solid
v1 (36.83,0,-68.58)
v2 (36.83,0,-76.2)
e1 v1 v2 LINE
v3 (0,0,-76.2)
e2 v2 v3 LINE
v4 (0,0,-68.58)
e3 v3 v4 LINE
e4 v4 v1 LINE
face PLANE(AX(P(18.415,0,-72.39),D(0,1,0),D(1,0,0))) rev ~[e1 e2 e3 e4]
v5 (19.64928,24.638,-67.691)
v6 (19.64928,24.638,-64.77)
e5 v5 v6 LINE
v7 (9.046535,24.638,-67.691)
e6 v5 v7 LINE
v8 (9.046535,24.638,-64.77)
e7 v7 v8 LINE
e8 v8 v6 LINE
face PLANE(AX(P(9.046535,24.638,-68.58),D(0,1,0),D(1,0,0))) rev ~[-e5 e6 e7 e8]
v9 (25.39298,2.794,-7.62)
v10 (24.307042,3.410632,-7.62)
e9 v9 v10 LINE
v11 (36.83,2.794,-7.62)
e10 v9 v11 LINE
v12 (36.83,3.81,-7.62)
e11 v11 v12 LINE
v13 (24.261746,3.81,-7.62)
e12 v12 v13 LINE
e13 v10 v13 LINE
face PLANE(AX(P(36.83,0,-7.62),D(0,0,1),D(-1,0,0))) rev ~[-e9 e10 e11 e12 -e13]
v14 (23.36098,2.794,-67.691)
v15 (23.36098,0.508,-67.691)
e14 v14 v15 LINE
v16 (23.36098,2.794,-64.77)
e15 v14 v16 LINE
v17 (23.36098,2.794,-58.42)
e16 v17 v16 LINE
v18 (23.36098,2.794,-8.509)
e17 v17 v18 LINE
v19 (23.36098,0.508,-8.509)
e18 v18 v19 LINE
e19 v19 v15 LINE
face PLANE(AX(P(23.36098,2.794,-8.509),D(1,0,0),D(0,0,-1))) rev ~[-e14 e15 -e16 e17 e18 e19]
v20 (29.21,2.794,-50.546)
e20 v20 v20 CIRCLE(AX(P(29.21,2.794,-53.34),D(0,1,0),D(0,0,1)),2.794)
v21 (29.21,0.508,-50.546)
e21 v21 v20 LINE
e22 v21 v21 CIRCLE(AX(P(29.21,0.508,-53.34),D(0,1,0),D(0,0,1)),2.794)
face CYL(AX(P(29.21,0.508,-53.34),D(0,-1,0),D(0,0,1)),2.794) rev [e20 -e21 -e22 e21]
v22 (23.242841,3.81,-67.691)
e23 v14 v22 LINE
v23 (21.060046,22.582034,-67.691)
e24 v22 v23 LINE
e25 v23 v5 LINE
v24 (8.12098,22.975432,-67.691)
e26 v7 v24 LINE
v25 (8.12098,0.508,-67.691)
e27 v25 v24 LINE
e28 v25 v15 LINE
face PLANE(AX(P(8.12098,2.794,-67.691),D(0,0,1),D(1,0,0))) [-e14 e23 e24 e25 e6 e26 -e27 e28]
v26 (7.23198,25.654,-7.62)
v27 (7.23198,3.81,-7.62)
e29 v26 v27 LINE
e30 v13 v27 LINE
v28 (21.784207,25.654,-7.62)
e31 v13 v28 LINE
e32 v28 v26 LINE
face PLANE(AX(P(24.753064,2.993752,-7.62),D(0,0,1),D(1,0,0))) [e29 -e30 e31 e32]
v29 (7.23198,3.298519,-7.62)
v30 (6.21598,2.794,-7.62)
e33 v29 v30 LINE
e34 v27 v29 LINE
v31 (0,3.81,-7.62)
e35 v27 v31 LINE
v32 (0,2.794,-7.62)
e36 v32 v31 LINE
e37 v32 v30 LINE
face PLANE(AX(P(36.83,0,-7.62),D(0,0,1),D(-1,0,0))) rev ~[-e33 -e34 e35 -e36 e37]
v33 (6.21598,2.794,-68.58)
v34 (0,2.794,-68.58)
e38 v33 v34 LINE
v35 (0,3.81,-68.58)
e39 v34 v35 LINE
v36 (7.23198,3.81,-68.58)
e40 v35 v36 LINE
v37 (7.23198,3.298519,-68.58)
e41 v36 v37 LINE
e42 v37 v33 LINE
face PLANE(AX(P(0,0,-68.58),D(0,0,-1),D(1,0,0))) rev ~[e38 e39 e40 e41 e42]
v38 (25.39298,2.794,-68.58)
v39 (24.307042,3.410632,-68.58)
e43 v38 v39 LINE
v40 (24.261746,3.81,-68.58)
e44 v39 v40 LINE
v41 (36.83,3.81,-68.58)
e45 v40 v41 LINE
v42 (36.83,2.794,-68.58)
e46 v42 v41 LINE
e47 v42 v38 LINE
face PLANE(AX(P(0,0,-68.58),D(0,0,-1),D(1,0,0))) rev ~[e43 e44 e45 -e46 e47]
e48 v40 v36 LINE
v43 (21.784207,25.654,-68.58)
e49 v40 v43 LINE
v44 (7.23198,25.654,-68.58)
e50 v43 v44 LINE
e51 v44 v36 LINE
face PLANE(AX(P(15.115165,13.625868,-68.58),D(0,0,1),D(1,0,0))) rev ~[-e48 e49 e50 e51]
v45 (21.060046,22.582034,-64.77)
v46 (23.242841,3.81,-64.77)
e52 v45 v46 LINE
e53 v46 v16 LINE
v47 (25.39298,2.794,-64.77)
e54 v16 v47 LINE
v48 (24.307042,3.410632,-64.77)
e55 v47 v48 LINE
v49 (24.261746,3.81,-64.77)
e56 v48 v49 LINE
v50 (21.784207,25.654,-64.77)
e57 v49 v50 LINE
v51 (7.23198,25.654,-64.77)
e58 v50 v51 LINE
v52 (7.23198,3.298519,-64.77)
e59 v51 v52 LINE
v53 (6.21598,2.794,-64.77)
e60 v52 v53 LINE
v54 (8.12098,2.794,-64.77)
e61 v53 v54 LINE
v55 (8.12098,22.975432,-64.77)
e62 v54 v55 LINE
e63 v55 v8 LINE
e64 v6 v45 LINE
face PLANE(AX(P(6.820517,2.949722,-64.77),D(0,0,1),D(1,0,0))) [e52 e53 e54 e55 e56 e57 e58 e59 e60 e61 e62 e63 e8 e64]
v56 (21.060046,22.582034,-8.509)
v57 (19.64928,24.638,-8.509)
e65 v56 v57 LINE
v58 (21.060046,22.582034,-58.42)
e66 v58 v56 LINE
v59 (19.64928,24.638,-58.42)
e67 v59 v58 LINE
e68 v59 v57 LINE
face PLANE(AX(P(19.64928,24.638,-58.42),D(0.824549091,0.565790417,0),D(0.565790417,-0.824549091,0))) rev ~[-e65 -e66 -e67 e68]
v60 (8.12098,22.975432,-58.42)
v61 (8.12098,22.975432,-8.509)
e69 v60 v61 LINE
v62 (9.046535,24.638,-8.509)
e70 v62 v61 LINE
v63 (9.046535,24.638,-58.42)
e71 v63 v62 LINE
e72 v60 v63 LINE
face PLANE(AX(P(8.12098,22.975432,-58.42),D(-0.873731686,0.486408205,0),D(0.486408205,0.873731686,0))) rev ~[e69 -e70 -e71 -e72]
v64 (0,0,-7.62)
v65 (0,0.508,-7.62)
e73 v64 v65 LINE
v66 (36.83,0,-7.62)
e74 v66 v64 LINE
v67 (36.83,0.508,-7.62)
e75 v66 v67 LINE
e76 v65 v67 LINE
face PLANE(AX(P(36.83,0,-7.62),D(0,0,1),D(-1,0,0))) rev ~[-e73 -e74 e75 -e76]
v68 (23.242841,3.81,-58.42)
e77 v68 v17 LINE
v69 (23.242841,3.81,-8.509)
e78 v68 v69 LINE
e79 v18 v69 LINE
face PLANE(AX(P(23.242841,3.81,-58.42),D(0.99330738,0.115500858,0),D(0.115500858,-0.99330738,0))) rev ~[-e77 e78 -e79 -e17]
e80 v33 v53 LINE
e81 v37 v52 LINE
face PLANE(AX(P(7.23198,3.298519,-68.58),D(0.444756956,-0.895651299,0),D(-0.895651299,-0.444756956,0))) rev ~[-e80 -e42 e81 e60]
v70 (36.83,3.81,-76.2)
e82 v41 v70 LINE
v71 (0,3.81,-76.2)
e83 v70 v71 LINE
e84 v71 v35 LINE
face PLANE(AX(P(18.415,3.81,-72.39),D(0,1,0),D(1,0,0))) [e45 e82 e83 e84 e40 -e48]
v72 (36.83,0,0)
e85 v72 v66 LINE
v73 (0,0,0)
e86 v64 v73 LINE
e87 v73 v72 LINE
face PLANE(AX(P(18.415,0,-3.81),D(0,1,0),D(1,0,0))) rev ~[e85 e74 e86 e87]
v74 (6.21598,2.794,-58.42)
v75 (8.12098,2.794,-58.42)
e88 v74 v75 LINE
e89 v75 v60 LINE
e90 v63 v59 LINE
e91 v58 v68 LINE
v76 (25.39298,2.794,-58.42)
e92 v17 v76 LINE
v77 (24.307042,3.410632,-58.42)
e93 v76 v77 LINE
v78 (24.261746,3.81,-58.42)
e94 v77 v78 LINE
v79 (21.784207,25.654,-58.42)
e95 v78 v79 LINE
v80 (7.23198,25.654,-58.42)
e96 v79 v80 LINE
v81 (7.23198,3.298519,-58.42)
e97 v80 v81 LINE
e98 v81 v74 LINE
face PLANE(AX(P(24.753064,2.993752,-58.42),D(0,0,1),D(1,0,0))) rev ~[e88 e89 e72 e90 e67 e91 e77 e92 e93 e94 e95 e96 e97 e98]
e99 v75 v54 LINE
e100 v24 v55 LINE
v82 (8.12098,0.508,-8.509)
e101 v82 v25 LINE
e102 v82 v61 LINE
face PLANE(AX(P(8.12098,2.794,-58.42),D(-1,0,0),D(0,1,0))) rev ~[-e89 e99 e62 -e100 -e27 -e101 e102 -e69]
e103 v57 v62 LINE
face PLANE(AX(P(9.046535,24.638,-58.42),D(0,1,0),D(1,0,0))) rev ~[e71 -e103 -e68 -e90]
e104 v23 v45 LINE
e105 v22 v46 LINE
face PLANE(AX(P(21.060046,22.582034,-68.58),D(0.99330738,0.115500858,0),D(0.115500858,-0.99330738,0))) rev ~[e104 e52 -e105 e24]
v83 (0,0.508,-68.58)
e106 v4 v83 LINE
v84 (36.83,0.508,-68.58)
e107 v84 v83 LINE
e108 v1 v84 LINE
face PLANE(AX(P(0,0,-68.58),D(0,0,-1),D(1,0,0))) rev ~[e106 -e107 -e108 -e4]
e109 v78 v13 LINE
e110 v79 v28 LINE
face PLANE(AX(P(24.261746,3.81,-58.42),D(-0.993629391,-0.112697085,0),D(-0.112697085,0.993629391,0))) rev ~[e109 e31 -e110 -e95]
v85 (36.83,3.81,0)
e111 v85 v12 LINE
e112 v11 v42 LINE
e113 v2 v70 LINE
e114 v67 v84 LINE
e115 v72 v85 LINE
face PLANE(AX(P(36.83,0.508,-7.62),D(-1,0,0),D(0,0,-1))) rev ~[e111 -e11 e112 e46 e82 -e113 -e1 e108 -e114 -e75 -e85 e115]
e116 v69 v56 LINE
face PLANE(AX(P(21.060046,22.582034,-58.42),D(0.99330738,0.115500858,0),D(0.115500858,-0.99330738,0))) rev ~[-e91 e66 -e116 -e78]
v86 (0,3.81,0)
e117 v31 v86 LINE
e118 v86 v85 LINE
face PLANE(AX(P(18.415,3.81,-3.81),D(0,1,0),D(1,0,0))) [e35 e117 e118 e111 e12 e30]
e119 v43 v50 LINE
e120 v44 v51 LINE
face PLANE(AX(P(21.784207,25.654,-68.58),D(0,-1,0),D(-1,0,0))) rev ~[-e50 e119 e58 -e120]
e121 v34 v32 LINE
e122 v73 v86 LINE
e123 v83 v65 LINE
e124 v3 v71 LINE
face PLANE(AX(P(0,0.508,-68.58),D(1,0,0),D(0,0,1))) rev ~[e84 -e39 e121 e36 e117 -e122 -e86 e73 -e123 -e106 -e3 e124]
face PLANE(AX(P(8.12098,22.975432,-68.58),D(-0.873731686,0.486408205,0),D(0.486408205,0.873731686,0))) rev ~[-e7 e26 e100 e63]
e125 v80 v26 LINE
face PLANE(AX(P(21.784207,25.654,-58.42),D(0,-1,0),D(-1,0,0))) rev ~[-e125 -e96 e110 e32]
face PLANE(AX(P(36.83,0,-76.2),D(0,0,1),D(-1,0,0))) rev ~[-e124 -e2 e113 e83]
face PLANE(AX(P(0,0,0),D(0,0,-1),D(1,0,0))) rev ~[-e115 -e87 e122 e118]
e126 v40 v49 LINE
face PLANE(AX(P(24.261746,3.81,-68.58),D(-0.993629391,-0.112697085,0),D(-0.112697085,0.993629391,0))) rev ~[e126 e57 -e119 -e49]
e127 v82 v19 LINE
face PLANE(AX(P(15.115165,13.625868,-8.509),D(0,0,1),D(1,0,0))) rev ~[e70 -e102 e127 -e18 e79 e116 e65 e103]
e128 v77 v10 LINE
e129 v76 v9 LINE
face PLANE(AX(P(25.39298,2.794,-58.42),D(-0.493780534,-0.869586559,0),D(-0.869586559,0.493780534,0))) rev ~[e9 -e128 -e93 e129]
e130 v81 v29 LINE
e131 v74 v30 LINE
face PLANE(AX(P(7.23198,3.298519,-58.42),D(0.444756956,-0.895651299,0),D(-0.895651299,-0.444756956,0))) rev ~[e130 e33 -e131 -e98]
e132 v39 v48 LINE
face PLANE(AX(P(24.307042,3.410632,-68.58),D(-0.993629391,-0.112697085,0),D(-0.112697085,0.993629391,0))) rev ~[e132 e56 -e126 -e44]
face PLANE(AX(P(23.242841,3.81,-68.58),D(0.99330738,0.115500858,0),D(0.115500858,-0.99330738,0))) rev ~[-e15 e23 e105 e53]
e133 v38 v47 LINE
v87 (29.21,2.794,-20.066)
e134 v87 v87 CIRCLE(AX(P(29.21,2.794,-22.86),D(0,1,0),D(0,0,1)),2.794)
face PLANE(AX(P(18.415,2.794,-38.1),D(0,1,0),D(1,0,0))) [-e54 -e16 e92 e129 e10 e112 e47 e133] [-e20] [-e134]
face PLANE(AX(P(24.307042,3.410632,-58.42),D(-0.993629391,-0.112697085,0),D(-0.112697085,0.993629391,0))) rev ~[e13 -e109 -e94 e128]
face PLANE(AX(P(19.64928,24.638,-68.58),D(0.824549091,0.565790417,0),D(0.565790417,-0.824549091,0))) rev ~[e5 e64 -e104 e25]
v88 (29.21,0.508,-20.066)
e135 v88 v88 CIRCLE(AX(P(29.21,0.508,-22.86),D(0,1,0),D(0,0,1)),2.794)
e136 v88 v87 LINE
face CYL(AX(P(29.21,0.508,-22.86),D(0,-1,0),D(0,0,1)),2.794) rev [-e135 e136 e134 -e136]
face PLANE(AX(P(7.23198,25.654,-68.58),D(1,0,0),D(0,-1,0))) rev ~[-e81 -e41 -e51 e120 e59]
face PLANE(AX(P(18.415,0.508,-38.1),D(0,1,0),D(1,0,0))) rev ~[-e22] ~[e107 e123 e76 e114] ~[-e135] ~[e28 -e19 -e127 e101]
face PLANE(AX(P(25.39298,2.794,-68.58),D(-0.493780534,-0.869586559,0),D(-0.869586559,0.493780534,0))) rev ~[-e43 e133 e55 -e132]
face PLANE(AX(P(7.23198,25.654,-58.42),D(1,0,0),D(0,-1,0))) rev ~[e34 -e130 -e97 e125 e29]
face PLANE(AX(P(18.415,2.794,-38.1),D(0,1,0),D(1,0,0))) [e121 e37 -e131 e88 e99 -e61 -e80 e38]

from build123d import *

# Parameters (mm, degrees)
BOSS_EXTRUDE2_DEPTH   = 3.81
BOSS_EXTRUDE2_2_DEPTH = 3.81
BOSS_EXTRUDE3_START   = 0.508
SKETCH2_3_R           = 2.794
BOSS_EXTRUDE3_DEPTH   = 2.286
BOSS_EXTRUDE11_DEPTH  = 3.81
BOSS_EXTRUDE12_DEPTH  = 0.889
BOSS_EXTRUDE14_START  = 10.16
BOSS_EXTRUDE14_DEPTH  = 50.8
BOSS_EXTRUDE17_START  = 60.071
BOSS_EXTRUDE17_DEPTH  = 0.889
SKETCH14_W            = 15.24
SKETCH14_H            = 59.182
CUT_EXTRUDE3_DEPTH    = 88.666803866


with BuildPart() as part:
    # Sketch2 → Boss-Extrude2 (new body)
    with BuildSketch(Plane(origin=(0, 0, 0), x_dir=(1, 0, 0), z_dir=(0, 1, 0))):
        Polygon((0, 7.62), (0, 0), (36.83, 0), (36.83, 7.62), (7.62, 7.62), (6.87, 7.62), align=None)
    extrude(amount=BOSS_EXTRUDE2_DEPTH)



with BuildPart() as body_2:
    # Sketch2 → Boss-Extrude2 2 (new body)
    with BuildSketch(Plane(origin=(0, 0, 0), x_dir=(1, 0, 0), z_dir=(0, 1, 0))):
        Polygon((0, 76.2), (0, 68.58), (6.87, 68.58), (7.62, 68.58), (36.83, 68.58), (36.83, 76.2), align=None)
    extrude(amount=BOSS_EXTRUDE2_2_DEPTH)


with BuildPart() as part_1:
    add(part.part)

    add(body_2.part)  # Boss-Extrude3 merges body 2
    # Sketch2<3> → Boss-Extrude3 (add)
    # profile 1 of 2: a face of its own
    with BuildSketch(Plane(origin=(0, 0, 0), x_dir=(1, 0, 0), z_dir=(0, 1, 0)).offset(BOSS_EXTRUDE3_START)):
        Polygon((0, 68.58), (0, 7.62), (6.87, 7.62), (7.62, 7.62), (36.83, 7.62), (36.83, 68.58), (7.62, 68.58), (6.87, 68.58), align=None)
        with Locations(Location((29.21, 22.86, 0), (0, 0, 270))):
            Circle(SKETCH2_3_R, mode=Mode.SUBTRACT)
        with Locations(Location((29.21, 53.34, 0), (0, 0, 270))):
            Circle(SKETCH2_3_R, mode=Mode.SUBTRACT)
    # profile 2 of 2: a face of its own
    with BuildSketch(Plane(origin=(0, 0, 0), x_dir=(1, 0, 0), z_dir=(0, 1, 0)).offset(BOSS_EXTRUDE3_START)):
        Polygon((0, 68.58), (0, 7.62), (6.87, 7.62), (7.62, 7.62), (36.83, 7.62), (36.83, 68.58), (7.62, 68.58), (6.87, 68.58), align=None)
        with Locations(Location((29.21, 22.86, 0), (0, 0, 270))):
            Circle(SKETCH2_3_R, mode=Mode.SUBTRACT)
        with Locations(Location((29.21, 53.34, 0), (0, 0, 270))):
            Circle(SKETCH2_3_R, mode=Mode.SUBTRACT)
    extrude(amount=BOSS_EXTRUDE3_DEPTH)

    # Sketch13 → Boss-Extrude11 (add)
    with BuildSketch(Plane.XY.offset(-68.58)):
        Polygon((6.215980089, 2.794), (7.231980089, 2.794), (7.231980089, 3.298518966), align=None)
        Polygon((8.120980089, 2.794), (8.120980089, 3.81), (7.231980089, 3.81), (7.231980089, 3.298518966), (7.231980089, 2.794), align=None)
        Polygon((8.120980089, 3.81), (8.120980089, 22.975432281), (8.120980089, 24.638), (9.046534916, 24.638), (19.649280137, 24.638), (20.820980089, 24.638), (21.060045846, 22.582034491), (23.242840554, 3.81), (24.261745737, 3.81), (21.784207173, 25.654), (7.231980089, 25.654), (7.231980089, 3.81), align=None)
        Polygon((8.120980089, 24.638), (8.120980089, 22.975432281), (9.046534916, 24.638), align=None)
        Polygon((20.820980089, 24.638), (19.649280137, 24.638), (21.060045846, 22.582034491), align=None)
        Polygon((24.261745737, 3.81), (23.242840554, 3.81), (23.360980089, 2.794), (24.376980089, 2.794), (24.307041878, 3.410632288), align=None)
        Polygon((24.307041878, 3.410632288), (24.376980089, 2.794), (25.392980089, 2.794), align=None)
    extrude(amount=BOSS_EXTRUDE11_DEPTH)

    # Sketch13<3> → Boss-Extrude12 (add)
    with BuildSketch(Plane.XY.offset(-68.58)):
        Polygon((9.046534916, 24.638), (8.120980089, 22.975432281), (8.120980089, 3.81), (23.242840554, 3.81), (21.060045846, 22.582034491), (19.649280137, 24.638), align=None)
        Polygon((23.242840554, 3.81), (8.120980089, 3.81), (8.120980089, 2.794), (23.360980089, 2.794), align=None)
    extrude(amount=BOSS_EXTRUDE12_DEPTH)

    # Sketch13<6> → Boss-Extrude14 (add)
    with BuildSketch(Plane.XY.offset(-68.58).offset(BOSS_EXTRUDE14_START)):
        Polygon((24.307041878, 3.410632288), (24.376980089, 2.794), (25.392980089, 2.794), align=None)
        Polygon((24.261745737, 3.81), (23.242840554, 3.81), (23.360980089, 2.794), (24.376980089, 2.794), (24.307041878, 3.410632288), align=None)
        Polygon((8.120980089, 2.794), (8.120980089, 3.81), (7.231980089, 3.81), (7.231980089, 3.298518966), (7.231980089, 2.794), align=None)
        Polygon((6.215980089, 2.794), (7.231980089, 2.794), (7.231980089, 3.298518966), align=None)
        Polygon((8.120980089, 3.81), (8.120980089, 22.975432281), (8.120980089, 24.638), (9.046534916, 24.638), (19.649280137, 24.638), (20.820980089, 24.638), (21.060045846, 22.582034491), (23.242840554, 3.81), (24.261745737, 3.81), (21.784207173, 25.654), (7.231980089, 25.654), (7.231980089, 3.81), align=None)
        Polygon((20.820980089, 24.638), (19.649280137, 24.638), (21.060045846, 22.582034491), align=None)
        Polygon((8.120980089, 24.638), (8.120980089, 22.975432281), (9.046534916, 24.638), align=None)
    extrude(amount=BOSS_EXTRUDE14_DEPTH)

    # Sketch13<7> → Boss-Extrude17 (add)
    with BuildSketch(Plane.XY.offset(-68.58).offset(BOSS_EXTRUDE17_START)):
        Polygon((9.046534916, 24.638), (8.120980089, 22.975432281), (8.120980089, 3.81), (23.242840554, 3.81), (21.060045846, 22.582034491), (19.649280137, 24.638), align=None)
        Polygon((23.242840554, 3.81), (8.120980089, 3.81), (8.120980089, 2.794), (23.360980089, 2.794), align=None)
    extrude(amount=BOSS_EXTRUDE17_DEPTH)

    # Sketch14 → Cut-Extrude3 (cut, through all)
    with BuildSketch(Plane(origin=(0, 2.794, 0), x_dir=(1, 0, 0), z_dir=(0, 1, 0))):
        with Locations((15.740980089, 38.1)):
            Rectangle(SKETCH14_W, SKETCH14_H)
    extrude(amount=-CUT_EXTRUDE3_DEPTH, mode=Mode.SUBTRACT)


solid = part_1.part
